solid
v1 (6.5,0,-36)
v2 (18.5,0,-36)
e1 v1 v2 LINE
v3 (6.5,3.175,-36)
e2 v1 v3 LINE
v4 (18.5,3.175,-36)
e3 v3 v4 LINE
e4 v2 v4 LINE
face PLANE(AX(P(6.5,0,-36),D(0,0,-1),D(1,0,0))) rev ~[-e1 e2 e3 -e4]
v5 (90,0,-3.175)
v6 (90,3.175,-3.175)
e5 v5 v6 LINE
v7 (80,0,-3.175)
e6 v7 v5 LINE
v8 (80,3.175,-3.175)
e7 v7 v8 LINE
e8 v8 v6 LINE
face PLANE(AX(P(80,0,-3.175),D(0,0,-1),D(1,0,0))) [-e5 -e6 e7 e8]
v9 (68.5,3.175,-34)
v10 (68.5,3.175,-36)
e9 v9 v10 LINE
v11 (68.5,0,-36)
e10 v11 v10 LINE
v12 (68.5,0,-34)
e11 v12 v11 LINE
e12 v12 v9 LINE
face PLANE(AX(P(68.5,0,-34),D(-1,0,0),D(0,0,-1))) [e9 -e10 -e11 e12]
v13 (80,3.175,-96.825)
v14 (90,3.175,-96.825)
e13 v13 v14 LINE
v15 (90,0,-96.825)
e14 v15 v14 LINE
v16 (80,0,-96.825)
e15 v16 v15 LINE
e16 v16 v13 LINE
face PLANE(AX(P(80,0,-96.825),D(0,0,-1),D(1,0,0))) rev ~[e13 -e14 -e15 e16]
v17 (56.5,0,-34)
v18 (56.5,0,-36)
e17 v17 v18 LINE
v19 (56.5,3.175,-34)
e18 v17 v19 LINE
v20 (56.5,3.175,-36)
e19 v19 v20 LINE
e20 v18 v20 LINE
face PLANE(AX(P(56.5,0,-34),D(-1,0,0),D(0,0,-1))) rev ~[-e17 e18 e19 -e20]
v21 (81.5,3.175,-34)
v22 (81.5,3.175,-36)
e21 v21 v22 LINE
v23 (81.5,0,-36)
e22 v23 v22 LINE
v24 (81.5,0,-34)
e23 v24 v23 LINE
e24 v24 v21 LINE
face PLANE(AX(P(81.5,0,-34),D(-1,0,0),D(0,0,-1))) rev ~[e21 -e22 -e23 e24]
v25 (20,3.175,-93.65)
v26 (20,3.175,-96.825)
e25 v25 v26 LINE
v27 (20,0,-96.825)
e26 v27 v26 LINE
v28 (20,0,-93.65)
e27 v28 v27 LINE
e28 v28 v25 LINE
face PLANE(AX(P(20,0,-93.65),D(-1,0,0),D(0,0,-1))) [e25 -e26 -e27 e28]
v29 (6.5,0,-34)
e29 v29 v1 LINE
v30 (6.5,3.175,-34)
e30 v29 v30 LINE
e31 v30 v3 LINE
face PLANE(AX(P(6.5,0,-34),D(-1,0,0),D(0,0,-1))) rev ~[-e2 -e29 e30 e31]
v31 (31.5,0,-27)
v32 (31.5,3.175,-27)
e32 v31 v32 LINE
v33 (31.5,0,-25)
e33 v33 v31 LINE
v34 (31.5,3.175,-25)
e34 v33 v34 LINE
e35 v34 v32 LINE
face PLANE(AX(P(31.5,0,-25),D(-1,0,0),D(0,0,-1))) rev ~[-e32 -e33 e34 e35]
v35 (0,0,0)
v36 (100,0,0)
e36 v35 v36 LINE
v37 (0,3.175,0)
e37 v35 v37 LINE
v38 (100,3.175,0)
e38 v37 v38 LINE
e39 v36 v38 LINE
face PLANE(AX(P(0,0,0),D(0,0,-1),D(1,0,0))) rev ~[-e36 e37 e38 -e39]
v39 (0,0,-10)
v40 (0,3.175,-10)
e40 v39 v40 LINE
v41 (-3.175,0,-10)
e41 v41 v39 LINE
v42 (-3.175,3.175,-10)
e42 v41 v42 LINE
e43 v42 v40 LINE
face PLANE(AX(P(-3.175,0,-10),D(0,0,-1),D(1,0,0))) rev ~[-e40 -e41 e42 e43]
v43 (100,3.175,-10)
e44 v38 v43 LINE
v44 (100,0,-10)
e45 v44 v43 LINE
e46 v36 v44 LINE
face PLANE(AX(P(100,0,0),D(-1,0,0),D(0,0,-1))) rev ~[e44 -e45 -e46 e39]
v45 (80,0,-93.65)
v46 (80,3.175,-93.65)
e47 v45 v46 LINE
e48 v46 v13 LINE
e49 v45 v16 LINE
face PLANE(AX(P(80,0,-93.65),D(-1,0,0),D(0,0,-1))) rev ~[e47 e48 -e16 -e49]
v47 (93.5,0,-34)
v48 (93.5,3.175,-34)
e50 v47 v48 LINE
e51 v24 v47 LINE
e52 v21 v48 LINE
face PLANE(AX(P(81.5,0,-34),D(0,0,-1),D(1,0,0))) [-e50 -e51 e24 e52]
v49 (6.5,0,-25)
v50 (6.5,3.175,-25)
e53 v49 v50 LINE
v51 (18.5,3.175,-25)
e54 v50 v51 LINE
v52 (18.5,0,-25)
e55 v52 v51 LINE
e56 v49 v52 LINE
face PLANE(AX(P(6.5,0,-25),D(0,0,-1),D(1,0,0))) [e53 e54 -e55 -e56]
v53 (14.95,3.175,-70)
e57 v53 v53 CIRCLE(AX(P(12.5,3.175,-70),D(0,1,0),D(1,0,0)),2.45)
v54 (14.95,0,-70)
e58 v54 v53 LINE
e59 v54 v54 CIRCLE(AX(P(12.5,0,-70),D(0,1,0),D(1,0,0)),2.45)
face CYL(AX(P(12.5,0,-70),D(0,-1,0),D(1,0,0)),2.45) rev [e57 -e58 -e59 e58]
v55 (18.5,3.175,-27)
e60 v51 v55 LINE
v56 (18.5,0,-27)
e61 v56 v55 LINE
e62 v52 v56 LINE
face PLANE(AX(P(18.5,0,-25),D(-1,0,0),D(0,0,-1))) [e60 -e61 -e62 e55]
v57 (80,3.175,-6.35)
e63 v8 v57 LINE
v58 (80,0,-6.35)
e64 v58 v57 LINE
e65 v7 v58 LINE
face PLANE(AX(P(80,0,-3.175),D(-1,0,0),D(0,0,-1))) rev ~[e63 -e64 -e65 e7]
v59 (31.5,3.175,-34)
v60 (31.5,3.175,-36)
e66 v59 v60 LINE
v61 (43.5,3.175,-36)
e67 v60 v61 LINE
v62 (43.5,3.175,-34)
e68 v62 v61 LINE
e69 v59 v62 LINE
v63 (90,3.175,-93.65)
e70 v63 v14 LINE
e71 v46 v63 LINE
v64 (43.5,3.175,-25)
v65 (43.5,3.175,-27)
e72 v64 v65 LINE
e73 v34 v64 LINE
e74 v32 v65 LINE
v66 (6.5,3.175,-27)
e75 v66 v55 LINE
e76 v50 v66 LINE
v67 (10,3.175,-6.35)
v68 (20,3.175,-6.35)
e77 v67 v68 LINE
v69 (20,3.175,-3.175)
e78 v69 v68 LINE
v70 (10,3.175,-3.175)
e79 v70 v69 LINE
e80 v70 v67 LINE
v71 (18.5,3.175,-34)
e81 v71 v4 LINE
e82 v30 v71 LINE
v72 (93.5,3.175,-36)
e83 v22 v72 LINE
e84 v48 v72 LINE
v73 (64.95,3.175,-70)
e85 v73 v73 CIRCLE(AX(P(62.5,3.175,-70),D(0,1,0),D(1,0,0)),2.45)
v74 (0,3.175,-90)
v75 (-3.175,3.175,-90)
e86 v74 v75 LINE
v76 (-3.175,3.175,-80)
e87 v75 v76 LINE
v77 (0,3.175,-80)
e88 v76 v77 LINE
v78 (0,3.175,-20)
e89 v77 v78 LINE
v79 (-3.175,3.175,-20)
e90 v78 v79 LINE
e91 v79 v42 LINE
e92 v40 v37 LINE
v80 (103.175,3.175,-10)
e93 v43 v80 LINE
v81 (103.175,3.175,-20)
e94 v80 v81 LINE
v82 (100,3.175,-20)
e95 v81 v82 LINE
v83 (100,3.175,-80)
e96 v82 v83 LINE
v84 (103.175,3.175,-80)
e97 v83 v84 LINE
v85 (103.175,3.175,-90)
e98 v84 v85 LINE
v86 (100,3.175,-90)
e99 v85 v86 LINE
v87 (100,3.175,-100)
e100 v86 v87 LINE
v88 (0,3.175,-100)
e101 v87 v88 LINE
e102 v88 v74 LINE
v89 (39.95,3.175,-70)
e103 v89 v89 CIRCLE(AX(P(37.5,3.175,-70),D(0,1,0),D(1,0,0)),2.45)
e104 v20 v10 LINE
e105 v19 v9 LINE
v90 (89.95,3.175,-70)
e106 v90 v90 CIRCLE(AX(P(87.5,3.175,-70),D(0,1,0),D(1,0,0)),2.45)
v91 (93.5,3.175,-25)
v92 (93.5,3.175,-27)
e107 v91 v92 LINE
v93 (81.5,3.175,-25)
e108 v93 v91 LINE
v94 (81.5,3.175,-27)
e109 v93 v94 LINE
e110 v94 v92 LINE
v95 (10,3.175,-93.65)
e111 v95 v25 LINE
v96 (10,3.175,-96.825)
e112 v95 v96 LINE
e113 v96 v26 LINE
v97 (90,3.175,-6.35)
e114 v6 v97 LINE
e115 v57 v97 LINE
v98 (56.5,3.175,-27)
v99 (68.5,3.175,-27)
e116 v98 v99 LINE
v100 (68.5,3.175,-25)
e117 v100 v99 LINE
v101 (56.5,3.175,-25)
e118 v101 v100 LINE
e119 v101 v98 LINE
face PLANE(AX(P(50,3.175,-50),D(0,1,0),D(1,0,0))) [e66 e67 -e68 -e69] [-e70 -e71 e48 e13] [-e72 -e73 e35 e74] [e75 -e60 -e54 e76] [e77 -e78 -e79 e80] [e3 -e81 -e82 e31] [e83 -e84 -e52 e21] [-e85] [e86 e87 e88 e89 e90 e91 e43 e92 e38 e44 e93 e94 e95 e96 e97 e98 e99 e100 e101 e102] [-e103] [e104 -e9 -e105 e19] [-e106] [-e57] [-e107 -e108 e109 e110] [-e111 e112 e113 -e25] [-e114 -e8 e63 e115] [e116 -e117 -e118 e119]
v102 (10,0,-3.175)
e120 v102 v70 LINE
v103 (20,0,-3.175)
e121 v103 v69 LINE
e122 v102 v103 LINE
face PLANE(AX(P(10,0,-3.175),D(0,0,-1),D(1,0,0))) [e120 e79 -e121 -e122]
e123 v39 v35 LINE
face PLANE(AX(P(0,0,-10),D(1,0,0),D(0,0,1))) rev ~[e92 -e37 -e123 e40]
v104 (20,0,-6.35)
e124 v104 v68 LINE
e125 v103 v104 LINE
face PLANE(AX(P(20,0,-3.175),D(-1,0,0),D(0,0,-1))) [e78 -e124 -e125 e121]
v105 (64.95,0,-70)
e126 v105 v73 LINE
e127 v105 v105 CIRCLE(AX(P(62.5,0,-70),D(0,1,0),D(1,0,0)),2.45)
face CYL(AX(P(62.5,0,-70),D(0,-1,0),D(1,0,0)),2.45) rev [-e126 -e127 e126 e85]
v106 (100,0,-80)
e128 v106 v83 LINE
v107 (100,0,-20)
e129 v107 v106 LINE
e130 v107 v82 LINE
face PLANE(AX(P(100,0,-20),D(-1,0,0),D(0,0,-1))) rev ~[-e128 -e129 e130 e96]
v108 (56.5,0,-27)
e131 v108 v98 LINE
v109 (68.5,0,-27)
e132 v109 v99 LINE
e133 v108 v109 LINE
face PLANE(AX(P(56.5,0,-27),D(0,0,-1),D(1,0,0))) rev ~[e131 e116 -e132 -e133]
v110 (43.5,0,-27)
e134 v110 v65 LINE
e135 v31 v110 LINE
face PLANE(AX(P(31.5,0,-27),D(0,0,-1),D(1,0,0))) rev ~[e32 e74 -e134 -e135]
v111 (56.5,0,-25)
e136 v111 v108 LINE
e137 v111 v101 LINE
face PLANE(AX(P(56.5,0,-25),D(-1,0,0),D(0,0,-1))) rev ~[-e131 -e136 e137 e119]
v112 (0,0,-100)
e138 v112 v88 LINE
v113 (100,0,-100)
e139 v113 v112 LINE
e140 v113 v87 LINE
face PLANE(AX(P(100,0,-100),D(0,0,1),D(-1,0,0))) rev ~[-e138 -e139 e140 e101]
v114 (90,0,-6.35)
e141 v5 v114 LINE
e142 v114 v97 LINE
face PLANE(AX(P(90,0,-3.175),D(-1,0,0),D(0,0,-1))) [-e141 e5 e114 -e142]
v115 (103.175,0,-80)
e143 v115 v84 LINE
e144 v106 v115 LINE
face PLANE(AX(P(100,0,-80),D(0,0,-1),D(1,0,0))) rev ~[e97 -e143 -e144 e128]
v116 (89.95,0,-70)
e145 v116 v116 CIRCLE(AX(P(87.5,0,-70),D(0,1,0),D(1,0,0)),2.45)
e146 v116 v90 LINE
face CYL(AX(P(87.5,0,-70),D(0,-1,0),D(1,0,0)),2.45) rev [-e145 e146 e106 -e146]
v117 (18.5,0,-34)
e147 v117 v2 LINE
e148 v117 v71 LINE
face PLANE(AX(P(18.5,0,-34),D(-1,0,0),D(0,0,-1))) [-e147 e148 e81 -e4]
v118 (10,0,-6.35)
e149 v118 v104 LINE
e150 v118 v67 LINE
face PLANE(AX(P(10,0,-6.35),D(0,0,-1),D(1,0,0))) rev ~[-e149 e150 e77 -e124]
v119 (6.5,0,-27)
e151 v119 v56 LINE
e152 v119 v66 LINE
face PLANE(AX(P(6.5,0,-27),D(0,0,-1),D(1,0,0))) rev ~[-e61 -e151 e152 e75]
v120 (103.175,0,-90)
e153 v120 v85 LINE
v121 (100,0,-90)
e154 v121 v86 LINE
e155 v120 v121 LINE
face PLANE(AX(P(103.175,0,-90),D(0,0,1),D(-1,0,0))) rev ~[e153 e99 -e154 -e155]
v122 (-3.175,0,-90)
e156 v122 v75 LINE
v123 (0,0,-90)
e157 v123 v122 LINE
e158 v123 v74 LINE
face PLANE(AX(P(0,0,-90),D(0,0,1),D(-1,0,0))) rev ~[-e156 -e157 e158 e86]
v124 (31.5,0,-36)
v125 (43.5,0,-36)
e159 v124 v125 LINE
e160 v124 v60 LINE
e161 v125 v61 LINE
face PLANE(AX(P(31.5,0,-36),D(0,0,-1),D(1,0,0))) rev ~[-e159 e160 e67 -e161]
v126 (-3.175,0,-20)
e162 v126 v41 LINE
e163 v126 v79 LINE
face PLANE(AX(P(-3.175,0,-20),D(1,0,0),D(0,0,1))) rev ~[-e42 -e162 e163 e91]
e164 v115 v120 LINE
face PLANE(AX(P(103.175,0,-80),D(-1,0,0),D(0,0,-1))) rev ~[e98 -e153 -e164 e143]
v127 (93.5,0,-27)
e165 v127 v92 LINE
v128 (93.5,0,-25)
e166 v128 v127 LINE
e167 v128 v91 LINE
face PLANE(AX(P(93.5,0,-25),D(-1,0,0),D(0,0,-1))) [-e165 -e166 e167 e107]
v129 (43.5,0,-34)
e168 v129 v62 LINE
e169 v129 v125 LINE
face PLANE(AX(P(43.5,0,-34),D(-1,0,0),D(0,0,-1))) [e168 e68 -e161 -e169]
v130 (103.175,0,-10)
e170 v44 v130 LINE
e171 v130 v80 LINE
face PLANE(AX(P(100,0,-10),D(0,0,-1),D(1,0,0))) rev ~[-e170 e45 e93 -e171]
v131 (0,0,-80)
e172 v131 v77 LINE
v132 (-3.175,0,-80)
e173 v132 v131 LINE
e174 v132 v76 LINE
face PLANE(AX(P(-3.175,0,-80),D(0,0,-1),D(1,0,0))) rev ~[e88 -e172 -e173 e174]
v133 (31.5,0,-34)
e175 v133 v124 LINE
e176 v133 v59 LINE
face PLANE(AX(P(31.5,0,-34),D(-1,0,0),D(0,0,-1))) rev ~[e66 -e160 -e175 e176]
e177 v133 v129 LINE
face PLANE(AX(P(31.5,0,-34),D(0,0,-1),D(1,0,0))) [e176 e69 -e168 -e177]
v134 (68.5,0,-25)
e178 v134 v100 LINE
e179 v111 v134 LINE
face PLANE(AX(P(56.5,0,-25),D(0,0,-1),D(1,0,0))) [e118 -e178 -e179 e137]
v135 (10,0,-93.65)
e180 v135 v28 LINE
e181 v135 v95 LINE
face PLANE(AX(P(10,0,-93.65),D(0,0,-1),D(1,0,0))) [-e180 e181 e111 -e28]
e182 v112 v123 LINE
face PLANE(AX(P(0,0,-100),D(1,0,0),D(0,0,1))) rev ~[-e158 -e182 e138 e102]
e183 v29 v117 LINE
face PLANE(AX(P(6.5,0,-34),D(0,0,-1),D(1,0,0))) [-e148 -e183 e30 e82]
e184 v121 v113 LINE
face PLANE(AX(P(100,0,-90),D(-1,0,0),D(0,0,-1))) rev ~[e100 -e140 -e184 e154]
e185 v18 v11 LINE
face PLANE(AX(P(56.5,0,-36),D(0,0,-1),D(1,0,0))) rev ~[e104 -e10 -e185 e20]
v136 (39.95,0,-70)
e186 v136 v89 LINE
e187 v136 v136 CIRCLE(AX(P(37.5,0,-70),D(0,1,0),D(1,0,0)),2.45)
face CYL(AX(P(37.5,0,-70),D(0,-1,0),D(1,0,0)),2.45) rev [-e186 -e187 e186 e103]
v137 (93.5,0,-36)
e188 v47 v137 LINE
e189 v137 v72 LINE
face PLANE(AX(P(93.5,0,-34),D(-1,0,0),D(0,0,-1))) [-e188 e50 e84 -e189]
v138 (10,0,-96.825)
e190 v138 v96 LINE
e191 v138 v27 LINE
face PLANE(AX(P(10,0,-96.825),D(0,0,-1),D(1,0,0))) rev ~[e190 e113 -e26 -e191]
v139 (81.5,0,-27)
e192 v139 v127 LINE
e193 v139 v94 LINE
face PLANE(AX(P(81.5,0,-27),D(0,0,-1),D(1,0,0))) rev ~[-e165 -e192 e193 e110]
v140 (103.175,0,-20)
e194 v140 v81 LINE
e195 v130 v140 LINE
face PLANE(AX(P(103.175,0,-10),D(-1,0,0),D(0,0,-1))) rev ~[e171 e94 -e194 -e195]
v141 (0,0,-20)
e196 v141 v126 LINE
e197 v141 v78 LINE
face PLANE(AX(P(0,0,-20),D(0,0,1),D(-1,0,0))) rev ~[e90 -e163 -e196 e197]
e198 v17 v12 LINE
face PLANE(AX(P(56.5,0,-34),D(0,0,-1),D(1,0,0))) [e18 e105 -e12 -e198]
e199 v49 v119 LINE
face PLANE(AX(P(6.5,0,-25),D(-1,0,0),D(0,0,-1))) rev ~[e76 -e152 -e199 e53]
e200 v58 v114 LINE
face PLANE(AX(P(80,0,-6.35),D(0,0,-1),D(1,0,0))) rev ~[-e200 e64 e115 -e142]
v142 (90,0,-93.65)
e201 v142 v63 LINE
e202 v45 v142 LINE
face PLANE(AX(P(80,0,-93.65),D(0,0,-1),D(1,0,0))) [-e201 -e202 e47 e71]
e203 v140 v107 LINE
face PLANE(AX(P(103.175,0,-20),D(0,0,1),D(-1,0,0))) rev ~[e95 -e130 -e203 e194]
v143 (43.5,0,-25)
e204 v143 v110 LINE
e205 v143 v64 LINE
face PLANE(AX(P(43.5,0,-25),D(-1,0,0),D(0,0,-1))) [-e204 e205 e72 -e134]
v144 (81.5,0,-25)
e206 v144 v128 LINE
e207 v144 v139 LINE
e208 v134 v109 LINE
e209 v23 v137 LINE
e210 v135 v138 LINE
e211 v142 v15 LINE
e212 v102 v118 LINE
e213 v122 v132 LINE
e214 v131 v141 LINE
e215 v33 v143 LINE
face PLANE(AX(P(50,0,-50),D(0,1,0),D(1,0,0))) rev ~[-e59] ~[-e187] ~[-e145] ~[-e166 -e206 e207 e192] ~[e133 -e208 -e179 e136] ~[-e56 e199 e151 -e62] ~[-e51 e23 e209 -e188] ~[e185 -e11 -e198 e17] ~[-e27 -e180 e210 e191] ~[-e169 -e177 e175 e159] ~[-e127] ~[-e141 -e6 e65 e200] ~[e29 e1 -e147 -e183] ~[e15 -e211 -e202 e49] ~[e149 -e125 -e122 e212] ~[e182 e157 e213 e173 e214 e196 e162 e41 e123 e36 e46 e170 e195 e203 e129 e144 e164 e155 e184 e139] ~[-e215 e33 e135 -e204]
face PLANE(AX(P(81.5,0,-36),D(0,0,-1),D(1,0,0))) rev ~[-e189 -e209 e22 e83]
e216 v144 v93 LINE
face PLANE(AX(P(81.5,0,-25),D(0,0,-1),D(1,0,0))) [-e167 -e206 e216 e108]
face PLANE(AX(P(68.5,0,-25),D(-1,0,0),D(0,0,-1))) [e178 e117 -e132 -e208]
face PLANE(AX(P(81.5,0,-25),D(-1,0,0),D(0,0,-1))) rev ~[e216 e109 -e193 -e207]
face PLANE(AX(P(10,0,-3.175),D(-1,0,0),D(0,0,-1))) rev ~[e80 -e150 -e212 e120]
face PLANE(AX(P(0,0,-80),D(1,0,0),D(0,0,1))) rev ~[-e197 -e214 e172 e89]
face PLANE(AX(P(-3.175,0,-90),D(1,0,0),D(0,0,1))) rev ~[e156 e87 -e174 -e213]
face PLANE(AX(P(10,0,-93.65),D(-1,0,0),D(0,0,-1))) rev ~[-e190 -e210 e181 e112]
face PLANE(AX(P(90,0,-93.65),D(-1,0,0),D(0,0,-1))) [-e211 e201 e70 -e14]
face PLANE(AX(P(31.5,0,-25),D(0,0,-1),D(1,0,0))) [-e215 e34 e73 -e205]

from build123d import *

# Parameters (mm, degrees)
SKETCH1_R           = 2.45
SKETCH1_W           = 10
SKETCH1_H           = 3.175
SKETCH1_W_2         = 12
SKETCH1_H_2         = 2
BOSS_EXTRUDE1_DEPTH = 3.175


with BuildPart() as part:
    # Sketch1 → Boss-Extrude1 (new body)
    with BuildSketch(Plane(origin=(0, 0, 0), x_dir=(1, 0, 0), z_dir=(0, 1, 0))):
        Polygon((0, 0), (100, 0), (100, 10), (103.175, 10), (103.175, 20), (100, 20), (100, 80), (103.175, 80), (103.175, 90), (100, 90), (100, 100), (0, 100), (0, 90), (-3.175, 90), (-3.175, 80), (0, 80), (0, 20), (-3.175, 20), (-3.175, 10), (0, 10), align=None)
        with Locations((12.5, 70)):
            Circle(SKETCH1_R, mode=Mode.SUBTRACT)
        with Locations((37.5, 70)):
            Circle(SKETCH1_R, mode=Mode.SUBTRACT)
        with Locations((62.5, 70)):
            Circle(SKETCH1_R, mode=Mode.SUBTRACT)
        with Locations((87.5, 70)):
            Circle(SKETCH1_R, mode=Mode.SUBTRACT)
        with Locations((15, 95.2375)):
            Rectangle(SKETCH1_W, SKETCH1_H, mode=Mode.SUBTRACT)
        with Locations((85, 95.2375)):
            Rectangle(SKETCH1_W, SKETCH1_H, mode=Mode.SUBTRACT)
        with Locations((85, 4.7625)):
            Rectangle(SKETCH1_W, SKETCH1_H, mode=Mode.SUBTRACT)
        with Locations((15, 4.7625)):
            Rectangle(SKETCH1_W, SKETCH1_H, mode=Mode.SUBTRACT)
        with Locations((37.5, 35)):
            Rectangle(SKETCH1_W_2, SKETCH1_H_2, mode=Mode.SUBTRACT)
        with Locations((12.5, 35)):
            Rectangle(SKETCH1_W_2, SKETCH1_H_2, mode=Mode.SUBTRACT)
        with Locations((12.5, 26)):
            Rectangle(SKETCH1_W_2, SKETCH1_H_2, mode=Mode.SUBTRACT)
        with Locations((37.5, 26)):
            Rectangle(SKETCH1_W_2, SKETCH1_H_2, mode=Mode.SUBTRACT)
        with Locations((62.5, 35)):
            Rectangle(SKETCH1_W_2, SKETCH1_H_2, mode=Mode.SUBTRACT)
        with Locations((62.5, 26)):
            Rectangle(SKETCH1_W_2, SKETCH1_H_2, mode=Mode.SUBTRACT)
        with Locations((87.5, 35)):
            Rectangle(SKETCH1_W_2, SKETCH1_H_2, mode=Mode.SUBTRACT)
        with Locations((87.5, 26)):
            Rectangle(SKETCH1_W_2, SKETCH1_H_2, mode=Mode.SUBTRACT)
    extrude(amount=BOSS_EXTRUDE1_DEPTH)


solid = part.part
